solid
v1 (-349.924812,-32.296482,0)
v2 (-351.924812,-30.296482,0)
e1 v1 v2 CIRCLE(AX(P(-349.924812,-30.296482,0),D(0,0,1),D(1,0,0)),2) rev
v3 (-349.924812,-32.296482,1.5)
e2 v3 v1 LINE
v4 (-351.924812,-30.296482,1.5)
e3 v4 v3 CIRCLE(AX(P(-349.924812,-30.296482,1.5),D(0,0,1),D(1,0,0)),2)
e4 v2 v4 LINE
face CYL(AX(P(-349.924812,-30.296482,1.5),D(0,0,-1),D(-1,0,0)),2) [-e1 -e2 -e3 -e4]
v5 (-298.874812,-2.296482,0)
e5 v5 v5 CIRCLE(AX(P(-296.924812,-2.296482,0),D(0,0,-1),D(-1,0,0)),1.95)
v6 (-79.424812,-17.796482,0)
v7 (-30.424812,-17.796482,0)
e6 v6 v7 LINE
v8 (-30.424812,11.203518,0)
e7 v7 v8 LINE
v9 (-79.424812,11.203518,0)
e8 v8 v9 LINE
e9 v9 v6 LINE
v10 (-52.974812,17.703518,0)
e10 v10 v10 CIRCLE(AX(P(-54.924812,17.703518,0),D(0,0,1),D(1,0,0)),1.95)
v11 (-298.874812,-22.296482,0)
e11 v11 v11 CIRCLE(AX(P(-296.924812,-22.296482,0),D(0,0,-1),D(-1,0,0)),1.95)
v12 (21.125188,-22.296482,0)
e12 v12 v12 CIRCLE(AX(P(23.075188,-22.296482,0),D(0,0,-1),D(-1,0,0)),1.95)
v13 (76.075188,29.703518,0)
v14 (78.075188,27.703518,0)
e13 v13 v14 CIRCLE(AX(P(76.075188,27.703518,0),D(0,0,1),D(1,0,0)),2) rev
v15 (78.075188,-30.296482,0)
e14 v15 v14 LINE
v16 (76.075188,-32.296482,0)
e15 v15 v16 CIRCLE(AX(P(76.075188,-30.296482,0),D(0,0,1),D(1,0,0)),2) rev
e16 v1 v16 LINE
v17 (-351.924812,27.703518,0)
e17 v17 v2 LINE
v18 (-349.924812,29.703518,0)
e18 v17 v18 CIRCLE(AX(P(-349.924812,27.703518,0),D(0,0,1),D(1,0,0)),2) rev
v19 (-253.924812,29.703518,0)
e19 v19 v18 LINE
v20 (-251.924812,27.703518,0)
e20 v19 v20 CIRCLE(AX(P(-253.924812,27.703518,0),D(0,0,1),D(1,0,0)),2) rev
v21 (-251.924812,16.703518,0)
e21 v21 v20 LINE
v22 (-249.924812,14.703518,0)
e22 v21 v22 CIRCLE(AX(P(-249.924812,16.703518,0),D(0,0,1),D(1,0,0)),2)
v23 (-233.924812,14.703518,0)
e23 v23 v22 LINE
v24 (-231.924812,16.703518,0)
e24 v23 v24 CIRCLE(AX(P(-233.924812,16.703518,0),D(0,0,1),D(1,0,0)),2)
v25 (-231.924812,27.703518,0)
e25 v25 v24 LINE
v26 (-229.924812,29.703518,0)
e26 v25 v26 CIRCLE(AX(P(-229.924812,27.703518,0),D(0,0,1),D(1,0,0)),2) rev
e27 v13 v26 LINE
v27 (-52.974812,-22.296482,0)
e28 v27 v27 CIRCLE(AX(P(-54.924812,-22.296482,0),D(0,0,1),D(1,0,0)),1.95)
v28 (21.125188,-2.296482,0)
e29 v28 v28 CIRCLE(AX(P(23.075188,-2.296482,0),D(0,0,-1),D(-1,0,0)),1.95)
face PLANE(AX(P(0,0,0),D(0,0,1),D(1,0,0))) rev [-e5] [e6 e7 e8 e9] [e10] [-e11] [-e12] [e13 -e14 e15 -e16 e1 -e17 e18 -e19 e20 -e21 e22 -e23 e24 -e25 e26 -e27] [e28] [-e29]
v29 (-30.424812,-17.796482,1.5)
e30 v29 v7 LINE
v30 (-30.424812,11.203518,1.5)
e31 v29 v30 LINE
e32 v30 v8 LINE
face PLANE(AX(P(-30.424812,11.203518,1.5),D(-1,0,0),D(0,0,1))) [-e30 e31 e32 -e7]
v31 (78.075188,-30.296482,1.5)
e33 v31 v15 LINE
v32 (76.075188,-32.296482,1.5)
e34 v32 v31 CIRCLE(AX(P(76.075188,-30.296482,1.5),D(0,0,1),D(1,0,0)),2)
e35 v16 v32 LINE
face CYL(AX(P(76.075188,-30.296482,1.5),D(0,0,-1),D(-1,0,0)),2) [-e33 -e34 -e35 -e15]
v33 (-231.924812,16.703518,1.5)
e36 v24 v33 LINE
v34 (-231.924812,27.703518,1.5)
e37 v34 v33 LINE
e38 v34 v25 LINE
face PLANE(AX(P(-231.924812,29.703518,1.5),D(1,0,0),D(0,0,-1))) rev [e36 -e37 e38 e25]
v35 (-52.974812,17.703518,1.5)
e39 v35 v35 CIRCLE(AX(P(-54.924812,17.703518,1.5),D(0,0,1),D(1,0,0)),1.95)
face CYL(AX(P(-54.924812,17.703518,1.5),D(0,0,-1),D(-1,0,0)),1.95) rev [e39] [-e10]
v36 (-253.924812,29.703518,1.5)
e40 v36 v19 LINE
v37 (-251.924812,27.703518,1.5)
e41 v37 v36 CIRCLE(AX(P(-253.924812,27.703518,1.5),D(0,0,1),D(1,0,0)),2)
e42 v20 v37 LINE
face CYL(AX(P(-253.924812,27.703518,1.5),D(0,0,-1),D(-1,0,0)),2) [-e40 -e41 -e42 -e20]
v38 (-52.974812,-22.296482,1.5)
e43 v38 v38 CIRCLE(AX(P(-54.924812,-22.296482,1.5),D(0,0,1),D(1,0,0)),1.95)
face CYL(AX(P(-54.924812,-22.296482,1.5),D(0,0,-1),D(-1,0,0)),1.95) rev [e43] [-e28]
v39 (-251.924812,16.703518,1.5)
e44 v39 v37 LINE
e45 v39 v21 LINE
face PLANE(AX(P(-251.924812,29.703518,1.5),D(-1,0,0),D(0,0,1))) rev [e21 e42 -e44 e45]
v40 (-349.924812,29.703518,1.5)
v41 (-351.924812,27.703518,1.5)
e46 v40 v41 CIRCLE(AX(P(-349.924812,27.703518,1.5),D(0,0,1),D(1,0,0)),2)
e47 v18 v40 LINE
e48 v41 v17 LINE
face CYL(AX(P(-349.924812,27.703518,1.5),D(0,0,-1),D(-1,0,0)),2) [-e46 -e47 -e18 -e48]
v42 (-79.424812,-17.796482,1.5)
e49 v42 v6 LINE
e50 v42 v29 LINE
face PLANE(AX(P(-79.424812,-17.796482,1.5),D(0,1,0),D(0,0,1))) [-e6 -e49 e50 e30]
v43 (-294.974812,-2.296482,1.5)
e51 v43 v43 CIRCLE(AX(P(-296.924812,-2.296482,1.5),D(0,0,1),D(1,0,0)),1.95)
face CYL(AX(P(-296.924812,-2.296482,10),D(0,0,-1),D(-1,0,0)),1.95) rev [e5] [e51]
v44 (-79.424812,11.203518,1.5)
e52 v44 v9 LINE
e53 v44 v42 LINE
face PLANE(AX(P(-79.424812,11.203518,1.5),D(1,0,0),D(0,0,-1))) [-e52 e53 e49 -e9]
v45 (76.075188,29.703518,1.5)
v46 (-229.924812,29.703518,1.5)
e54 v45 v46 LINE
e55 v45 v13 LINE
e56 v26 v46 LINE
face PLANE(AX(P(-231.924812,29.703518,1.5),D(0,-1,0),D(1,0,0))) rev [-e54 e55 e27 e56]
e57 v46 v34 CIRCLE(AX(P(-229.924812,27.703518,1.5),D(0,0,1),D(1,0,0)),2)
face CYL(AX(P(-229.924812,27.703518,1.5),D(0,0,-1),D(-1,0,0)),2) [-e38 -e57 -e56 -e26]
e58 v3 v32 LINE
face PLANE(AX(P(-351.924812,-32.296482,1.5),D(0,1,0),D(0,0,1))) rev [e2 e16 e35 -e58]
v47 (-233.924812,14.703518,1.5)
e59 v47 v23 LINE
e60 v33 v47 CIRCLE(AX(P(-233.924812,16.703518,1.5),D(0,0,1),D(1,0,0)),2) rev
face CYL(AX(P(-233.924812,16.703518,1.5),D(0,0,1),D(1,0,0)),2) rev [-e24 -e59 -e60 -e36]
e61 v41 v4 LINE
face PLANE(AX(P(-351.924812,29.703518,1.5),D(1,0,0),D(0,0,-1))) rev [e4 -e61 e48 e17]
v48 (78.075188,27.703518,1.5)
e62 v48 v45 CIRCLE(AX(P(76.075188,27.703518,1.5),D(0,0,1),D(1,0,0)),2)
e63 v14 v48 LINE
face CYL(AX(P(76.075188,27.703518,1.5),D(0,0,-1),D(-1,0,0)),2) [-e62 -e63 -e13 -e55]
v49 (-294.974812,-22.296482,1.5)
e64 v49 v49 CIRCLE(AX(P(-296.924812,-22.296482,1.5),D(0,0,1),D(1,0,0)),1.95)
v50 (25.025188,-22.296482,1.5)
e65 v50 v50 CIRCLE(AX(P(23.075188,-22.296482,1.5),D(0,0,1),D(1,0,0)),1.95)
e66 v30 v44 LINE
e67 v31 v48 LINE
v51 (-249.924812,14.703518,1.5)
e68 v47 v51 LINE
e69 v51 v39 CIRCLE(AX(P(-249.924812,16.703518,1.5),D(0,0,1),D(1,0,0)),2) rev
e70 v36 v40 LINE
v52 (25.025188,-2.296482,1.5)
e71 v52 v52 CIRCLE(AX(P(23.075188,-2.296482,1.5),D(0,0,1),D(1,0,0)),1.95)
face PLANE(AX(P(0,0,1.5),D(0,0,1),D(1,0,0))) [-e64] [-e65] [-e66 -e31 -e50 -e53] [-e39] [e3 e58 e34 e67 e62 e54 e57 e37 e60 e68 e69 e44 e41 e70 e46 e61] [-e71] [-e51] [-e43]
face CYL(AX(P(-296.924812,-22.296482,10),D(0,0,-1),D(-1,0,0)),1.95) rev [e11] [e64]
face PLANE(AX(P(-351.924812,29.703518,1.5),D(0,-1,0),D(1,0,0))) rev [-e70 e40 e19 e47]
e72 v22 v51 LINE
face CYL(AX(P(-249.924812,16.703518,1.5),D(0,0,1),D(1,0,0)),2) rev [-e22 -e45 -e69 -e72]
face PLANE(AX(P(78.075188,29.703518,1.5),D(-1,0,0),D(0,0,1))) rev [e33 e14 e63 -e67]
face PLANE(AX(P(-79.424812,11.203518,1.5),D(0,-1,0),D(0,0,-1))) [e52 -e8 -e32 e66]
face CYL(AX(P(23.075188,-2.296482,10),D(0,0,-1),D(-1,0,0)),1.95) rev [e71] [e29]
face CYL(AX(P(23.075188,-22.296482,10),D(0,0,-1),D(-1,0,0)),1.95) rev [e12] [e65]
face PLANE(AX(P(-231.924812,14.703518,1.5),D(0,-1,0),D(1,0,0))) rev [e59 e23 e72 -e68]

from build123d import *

# Parameters (mm, degrees)
SKETCH1_R           = 1.95
SKETCH1_W           = 49
SKETCH1_H           = 29
BOSS_EXTRUDE1_DEPTH = 1.5
FILLET1_R           = 2
SKETCH3_R           = 1.95
CUT_EXTRUDE1_DEPTH  = 10


with BuildPart() as part:
    # Sketch1 → Boss-Extrude1 (new body)
    with BuildSketch(Plane.XY):
        Polygon((-231.924811832, 29.703517588), (78.075188168, 29.703517588), (78.075188168, -32.296482412), (-351.924811832, -32.296482412), (-351.924811832, 29.703517588), (-251.924811832, 29.703517588), (-251.924811832, 14.703517588), (-231.924811832, 14.703517588), align=None)
        with Locations((-54.924811832, 17.703517588)):
            Circle(SKETCH1_R, mode=Mode.SUBTRACT)
        with Locations((-54.924811832, -22.296482412)):
            Circle(SKETCH1_R, mode=Mode.SUBTRACT)
        with Locations((-54.924811832, -3.296482412)):
            Rectangle(SKETCH1_W, SKETCH1_H, mode=Mode.SUBTRACT)
    extrude(amount=BOSS_EXTRUDE1_DEPTH)

    # Fillet1
    fillet1_edges = [part.edges().sort_by_distance(p)[0] for p in [
        (-351.924811832, 29.703517588, 0.75),
        (-251.924811832, 29.703517588, 0.75),
        (-251.924811832, 14.703517588, 0.75),
        (-231.924811832, 14.703517588, 0.75),
        (-231.924811832, 29.703517588, 0.75),
        (78.075188168, 29.703517588, 0.75),
        (78.075188168, -32.296482412, 0.75),
        (-351.924811832, -32.296482412, 0.75),
    ]]
    fillet(fillet1_edges, radius=FILLET1_R)

    # Sketch3 → Cut-Extrude1 (cut)
    with BuildSketch(Plane(origin=(0, 0, 0), x_dir=(-1, 0, 0), z_dir=(0, 0, -1))):
        with Locations((-23.075188168, -22.296482412)):
            Circle(SKETCH3_R)
        with Locations((-23.075188168, -2.296482412)):
            Circle(SKETCH3_R)
        with Locations((296.924811832, -22.296482412)):
            Circle(SKETCH3_R)
        with Locations((296.924811832, -2.296482412)):
            Circle(SKETCH3_R)
    extrude(amount=-CUT_EXTRUDE1_DEPTH, mode=Mode.SUBTRACT)


solid = part.part
